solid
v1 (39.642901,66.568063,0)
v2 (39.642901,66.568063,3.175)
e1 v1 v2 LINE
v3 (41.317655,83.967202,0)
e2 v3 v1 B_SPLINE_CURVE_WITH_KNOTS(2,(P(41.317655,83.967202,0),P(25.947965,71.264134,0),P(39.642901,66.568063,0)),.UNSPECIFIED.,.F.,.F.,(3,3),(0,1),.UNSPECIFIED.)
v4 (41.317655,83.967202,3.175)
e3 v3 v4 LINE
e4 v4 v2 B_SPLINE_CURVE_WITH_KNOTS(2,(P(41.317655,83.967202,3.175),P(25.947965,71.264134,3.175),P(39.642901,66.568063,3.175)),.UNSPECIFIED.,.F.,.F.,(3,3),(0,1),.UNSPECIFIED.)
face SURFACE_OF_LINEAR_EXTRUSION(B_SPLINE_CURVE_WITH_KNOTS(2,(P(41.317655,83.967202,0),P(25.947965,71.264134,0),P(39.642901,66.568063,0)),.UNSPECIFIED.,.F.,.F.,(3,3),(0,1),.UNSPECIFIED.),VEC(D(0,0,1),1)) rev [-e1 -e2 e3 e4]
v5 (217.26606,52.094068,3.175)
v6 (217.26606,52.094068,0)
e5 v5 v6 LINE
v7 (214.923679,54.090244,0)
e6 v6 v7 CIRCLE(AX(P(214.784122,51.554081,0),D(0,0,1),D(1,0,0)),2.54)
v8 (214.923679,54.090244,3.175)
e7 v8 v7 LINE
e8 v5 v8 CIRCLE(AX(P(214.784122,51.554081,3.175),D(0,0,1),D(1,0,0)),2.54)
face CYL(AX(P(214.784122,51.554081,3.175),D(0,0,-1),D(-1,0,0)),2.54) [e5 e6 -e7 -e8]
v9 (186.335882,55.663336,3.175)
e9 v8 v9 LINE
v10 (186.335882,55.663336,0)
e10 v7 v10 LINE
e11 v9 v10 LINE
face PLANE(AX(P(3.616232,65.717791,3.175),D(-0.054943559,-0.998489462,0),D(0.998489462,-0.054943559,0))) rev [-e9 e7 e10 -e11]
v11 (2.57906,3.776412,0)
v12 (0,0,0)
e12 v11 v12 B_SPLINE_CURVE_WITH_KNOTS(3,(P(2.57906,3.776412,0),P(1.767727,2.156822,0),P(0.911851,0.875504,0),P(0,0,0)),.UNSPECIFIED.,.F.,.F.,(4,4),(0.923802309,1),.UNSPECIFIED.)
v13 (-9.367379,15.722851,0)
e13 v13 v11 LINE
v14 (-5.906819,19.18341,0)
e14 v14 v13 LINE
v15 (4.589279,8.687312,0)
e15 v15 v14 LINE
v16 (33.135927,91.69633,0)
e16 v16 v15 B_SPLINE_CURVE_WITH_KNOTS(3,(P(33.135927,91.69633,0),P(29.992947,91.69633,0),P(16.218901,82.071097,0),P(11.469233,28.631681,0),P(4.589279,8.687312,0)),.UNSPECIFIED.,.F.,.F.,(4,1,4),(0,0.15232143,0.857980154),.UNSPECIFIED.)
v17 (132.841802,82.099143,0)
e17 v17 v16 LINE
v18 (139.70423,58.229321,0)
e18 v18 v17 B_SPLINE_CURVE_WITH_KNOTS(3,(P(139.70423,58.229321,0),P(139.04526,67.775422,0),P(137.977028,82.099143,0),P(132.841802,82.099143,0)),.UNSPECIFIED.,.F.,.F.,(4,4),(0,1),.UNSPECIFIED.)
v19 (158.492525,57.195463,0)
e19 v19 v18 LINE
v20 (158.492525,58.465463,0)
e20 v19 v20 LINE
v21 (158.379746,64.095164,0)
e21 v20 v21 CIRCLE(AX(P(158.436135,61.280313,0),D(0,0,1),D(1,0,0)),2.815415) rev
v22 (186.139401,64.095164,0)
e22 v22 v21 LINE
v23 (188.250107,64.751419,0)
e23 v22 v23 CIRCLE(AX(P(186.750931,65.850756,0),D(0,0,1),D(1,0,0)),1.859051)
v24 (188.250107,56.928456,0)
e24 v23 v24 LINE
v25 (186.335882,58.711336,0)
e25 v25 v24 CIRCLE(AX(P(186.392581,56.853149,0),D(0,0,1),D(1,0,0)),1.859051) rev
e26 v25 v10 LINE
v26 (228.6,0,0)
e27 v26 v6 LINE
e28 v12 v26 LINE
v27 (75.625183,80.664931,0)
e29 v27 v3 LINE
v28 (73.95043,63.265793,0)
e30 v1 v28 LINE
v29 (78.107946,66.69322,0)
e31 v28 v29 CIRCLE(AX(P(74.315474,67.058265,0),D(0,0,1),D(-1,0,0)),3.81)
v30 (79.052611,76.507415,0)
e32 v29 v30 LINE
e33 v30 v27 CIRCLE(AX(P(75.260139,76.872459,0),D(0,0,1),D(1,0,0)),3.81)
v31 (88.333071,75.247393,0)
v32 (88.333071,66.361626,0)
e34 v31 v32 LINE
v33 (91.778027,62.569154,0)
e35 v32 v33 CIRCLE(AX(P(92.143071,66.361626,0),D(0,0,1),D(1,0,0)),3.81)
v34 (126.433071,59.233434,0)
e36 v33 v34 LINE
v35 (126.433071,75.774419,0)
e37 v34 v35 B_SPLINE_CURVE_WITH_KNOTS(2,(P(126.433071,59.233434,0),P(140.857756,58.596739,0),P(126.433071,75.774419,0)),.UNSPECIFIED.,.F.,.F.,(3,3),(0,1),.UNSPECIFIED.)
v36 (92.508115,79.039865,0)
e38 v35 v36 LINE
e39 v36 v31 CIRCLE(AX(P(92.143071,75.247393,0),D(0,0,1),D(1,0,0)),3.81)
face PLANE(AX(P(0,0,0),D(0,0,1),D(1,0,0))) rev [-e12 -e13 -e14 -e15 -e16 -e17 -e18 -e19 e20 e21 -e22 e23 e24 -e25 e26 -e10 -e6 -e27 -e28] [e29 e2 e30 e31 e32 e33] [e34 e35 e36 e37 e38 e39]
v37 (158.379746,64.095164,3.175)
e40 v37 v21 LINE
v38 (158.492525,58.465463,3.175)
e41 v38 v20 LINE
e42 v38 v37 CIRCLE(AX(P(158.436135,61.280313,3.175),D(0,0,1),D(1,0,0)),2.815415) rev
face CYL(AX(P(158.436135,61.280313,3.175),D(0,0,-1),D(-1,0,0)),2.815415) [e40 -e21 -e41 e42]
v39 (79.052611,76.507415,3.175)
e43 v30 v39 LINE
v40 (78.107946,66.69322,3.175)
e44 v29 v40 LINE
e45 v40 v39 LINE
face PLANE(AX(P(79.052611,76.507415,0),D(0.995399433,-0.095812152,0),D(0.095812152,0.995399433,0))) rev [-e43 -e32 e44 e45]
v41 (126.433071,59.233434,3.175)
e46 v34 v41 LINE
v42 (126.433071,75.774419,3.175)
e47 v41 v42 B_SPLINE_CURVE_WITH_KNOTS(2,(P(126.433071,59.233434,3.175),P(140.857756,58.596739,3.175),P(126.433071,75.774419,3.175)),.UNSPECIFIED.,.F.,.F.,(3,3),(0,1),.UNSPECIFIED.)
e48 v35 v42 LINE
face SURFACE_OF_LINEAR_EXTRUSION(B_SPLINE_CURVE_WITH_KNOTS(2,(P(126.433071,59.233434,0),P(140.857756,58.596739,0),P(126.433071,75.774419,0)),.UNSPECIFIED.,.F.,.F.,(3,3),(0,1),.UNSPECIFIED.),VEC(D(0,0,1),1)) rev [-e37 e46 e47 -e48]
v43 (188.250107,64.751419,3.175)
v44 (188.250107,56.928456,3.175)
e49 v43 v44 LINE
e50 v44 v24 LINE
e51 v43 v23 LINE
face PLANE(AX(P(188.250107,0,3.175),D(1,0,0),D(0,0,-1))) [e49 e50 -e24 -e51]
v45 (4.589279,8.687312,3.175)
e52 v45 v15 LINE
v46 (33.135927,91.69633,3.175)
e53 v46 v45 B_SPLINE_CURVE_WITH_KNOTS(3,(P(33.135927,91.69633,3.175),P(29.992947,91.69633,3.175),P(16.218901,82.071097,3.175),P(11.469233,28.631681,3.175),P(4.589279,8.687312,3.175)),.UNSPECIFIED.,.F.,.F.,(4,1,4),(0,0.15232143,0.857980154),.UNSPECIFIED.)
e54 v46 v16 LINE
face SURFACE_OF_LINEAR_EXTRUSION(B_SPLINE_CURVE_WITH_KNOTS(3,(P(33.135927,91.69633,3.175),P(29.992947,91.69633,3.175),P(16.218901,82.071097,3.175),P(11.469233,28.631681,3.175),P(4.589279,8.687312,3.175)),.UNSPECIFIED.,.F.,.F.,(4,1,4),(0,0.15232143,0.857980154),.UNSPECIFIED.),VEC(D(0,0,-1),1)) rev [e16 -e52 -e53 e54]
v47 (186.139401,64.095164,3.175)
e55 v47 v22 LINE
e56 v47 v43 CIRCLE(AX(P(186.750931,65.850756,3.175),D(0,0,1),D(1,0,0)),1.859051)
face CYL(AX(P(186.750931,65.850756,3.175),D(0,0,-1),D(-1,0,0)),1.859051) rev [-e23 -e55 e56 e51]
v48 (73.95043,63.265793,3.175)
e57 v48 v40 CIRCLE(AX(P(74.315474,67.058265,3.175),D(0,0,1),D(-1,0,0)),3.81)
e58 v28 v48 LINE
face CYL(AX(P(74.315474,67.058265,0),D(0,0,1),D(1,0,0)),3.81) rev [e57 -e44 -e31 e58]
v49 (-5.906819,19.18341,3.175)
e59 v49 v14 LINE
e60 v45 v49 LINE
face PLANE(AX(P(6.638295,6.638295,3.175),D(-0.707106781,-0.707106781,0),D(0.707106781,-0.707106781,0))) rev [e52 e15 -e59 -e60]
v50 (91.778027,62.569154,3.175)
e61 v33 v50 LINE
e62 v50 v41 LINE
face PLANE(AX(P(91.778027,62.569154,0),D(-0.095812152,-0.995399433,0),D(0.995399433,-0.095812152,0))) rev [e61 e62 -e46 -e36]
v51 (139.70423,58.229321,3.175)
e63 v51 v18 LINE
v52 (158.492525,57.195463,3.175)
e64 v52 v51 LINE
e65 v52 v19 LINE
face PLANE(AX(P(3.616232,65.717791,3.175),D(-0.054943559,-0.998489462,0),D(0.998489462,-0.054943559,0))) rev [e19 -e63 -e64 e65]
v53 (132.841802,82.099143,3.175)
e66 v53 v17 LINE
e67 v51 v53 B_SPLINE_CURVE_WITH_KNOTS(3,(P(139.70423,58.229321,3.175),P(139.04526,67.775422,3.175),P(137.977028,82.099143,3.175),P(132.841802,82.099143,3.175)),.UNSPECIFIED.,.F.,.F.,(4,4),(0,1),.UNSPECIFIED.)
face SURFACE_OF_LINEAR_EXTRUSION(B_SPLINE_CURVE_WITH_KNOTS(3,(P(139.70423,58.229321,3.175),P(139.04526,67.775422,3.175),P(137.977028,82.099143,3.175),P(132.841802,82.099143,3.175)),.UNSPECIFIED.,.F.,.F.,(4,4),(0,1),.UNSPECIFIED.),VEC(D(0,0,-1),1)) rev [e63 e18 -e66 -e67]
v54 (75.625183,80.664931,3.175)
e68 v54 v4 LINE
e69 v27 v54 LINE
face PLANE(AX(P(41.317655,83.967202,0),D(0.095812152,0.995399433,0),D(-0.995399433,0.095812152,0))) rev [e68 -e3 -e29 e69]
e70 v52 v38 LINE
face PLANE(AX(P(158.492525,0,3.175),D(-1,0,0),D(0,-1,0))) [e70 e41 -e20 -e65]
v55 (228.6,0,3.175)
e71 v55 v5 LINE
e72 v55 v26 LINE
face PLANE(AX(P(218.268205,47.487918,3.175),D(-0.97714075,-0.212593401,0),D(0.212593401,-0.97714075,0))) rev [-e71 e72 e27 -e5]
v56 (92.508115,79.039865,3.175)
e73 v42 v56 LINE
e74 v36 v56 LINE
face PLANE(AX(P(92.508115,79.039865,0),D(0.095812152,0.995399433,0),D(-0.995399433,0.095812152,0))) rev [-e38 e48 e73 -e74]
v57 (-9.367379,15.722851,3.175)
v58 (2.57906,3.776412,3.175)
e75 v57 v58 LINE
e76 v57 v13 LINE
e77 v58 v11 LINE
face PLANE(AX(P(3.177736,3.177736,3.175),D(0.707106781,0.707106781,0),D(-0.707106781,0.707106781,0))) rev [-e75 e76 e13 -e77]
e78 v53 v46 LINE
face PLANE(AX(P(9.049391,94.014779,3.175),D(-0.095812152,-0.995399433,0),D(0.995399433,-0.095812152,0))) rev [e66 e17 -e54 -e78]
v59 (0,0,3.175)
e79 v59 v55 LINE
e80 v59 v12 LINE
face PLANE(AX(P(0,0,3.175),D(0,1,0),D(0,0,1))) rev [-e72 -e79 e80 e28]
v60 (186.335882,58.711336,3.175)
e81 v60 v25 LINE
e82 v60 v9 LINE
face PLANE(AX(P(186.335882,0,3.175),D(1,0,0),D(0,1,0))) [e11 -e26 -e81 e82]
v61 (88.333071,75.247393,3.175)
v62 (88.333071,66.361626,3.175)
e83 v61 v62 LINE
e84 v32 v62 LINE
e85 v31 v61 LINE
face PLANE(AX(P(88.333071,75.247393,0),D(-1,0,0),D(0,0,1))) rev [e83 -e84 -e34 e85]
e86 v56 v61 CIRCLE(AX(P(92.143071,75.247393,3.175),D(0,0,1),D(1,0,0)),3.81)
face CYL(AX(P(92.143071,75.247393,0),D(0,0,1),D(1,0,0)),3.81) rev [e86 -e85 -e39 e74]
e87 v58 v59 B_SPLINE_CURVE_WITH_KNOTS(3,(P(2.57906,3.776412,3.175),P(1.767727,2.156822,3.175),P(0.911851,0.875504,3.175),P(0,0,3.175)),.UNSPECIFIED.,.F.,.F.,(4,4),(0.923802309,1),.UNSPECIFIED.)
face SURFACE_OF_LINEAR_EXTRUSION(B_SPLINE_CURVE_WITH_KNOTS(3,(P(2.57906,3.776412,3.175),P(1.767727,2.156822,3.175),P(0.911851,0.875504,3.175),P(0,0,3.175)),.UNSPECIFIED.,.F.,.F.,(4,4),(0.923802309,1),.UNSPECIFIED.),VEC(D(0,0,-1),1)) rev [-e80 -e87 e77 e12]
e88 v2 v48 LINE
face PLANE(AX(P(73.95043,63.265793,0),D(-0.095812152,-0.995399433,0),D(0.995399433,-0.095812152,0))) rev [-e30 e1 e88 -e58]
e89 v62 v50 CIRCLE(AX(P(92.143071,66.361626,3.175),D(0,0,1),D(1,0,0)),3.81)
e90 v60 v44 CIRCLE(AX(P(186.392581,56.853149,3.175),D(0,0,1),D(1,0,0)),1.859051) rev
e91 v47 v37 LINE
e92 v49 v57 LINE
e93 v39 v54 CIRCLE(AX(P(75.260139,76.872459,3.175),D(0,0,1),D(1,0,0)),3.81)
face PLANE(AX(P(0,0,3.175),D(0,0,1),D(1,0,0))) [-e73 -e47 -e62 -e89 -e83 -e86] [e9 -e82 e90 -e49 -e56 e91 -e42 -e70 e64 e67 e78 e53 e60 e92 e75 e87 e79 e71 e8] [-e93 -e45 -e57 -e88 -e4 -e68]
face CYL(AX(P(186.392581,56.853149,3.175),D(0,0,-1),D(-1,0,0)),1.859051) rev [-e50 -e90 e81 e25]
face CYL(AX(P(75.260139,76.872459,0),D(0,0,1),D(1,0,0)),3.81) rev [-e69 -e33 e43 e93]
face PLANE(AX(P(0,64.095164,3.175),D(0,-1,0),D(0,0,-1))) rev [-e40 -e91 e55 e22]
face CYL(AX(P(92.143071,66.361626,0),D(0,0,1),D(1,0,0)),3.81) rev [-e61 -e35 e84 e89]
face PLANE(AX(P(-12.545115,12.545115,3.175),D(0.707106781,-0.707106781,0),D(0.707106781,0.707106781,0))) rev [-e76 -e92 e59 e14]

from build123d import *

# Parameters (mm, degrees)
BOSS_EXTRUDE1_DEPTH = 3.175
CUT_EXTRUDE1_DEPTH  = 3.175


with BuildPart() as part:
    # Sketch1 → Boss-Extrude1 (new body)
    with BuildSketch(Plane.XY):
        with BuildLine():
            add(Edge.make_bspline(
                [(2.579059818, 3.776412267), (1.767727302, 2.156821837), (0.911850586, 0.875503614), (0, 0)],
                knots=[0.923802309, 0.923802309, 0.923802309, 0.923802309, 1, 1, 1, 1], degree=3))
            Line((0, 0), (228.6, 0))
            Line((228.6, 0), (222.76882451, 26.801768915))
            Line((222.76882451, 26.801768915), (221.564922434, 32.335251021))
            Line((221.564922434, 32.335251021), (217.266059518, 52.094068206))
            ThreePointArc((217.266059518, 52.094068206), (216.431616334, 53.487306889), (214.923678652, 54.090244201))
            Line((214.923678652, 54.090244201), (186.335881614, 55.663335735))
            Line((186.335881614, 55.663335735), (186.335881614, 58.711335735))
            ThreePointArc((186.335881614, 58.711335735), (186.392581362, 58.712200587), (186.449281111, 58.711335735))
            ThreePointArc((186.449281111, 58.711335735), (187.700530121, 58.174263199), (188.250106948, 56.928455707))
            Line((188.250106948, 56.928455707), (188.250106948, 64.751418591))
            ThreePointArc((188.250106948, 64.751418591), (187.302878972, 64.075530467), (186.139401367, 64.095163563))
            Line((186.139401367, 64.095163563), (158.379745694, 64.095163563))
            ThreePointArc((158.379745694, 64.095163563), (155.621285283, 61.22392358), (158.492525265, 58.46546317))
            Line((158.492525265, 58.46546317), (158.492525265, 57.19546317))
            Line((158.492525265, 57.19546317), (139.704230031, 58.229320662))
            add(Edge.make_bspline(
                [(139.704230031, 58.229320662), (139.045260228, 67.775421627), (137.97702794, 82.099142771), (132.841802065, 82.099142771)],
                knots=[0, 0, 0, 0, 1, 1, 1, 1], degree=3))
            Line((132.841802065, 82.099142771), (33.135927245, 91.696329699))
            add(Edge.make_bspline(
                [(33.135927245, 91.696329699), (29.992946755, 91.696329699), (16.218901468, 82.07109656), (11.469233026, 28.631681198), (4.58927934, 8.68731164)],
                knots=[0, 0, 0, 0, 0.15232143, 0.857980154, 0.857980154, 0.857980154, 0.857980154], degree=3))
            Line((4.58927934, 8.68731164), (-5.906819212, 19.183410193))
            Line((-5.906819212, 19.183410193), (-9.36737866, 15.722850745))
            Line((-9.36737866, 15.722850745), (2.579059818, 3.776412267))
        make_face()
    extrude(amount=BOSS_EXTRUDE1_DEPTH)

    # Sketch2 → Cut-Extrude1 (cut)
    with BuildSketch(Plane.XY.offset(3.175)):
        with BuildLine():
            Line((41.317655172, 83.967201614), (75.625183332, 80.664931197))
            ThreePointArc((75.625183332, 80.664931197), (78.199946888, 79.296016613), (79.052610873, 76.507415058))
            Line((79.052610873, 76.507415058), (78.107945762, 66.693220334))
            ThreePointArc((78.107945762, 66.693220334), (76.739031178, 64.118456778), (73.950429623, 63.265792793))
            Line((73.950429623, 63.265792793), (39.642901463, 66.568063209))
            add(Edge.make_bspline(
                [(41.317655172, 83.967201614), (25.947965106, 71.264134292), (39.642901463, 66.568063209)],
                knots=[0, 0, 0, 1, 1, 1], degree=2))
        make_face()
        with BuildLine():
            Line((92.508115474, 79.039864911), (126.433071175, 75.774418999))
            add(Edge.make_bspline(
                [(126.433071175, 75.774418999), (140.857755692, 58.596738855), (126.433071175, 59.233433778)],
                knots=[0, 0, 0, 1, 1, 1], degree=2))
            Line((126.433071175, 59.233433778), (91.778026876, 62.569154354))
            ThreePointArc((91.778026876, 62.569154354), (89.322883346, 63.799861058), (88.333071175, 66.361626194))
            Line((88.333071175, 66.361626194), (88.333071175, 75.247393071))
            ThreePointArc((88.333071175, 75.247393071), (89.581306039, 78.0675809), (92.508115474, 79.039864911))
        make_face()
    extrude(amount=-CUT_EXTRUDE1_DEPTH, mode=Mode.SUBTRACT)


solid = part.part
